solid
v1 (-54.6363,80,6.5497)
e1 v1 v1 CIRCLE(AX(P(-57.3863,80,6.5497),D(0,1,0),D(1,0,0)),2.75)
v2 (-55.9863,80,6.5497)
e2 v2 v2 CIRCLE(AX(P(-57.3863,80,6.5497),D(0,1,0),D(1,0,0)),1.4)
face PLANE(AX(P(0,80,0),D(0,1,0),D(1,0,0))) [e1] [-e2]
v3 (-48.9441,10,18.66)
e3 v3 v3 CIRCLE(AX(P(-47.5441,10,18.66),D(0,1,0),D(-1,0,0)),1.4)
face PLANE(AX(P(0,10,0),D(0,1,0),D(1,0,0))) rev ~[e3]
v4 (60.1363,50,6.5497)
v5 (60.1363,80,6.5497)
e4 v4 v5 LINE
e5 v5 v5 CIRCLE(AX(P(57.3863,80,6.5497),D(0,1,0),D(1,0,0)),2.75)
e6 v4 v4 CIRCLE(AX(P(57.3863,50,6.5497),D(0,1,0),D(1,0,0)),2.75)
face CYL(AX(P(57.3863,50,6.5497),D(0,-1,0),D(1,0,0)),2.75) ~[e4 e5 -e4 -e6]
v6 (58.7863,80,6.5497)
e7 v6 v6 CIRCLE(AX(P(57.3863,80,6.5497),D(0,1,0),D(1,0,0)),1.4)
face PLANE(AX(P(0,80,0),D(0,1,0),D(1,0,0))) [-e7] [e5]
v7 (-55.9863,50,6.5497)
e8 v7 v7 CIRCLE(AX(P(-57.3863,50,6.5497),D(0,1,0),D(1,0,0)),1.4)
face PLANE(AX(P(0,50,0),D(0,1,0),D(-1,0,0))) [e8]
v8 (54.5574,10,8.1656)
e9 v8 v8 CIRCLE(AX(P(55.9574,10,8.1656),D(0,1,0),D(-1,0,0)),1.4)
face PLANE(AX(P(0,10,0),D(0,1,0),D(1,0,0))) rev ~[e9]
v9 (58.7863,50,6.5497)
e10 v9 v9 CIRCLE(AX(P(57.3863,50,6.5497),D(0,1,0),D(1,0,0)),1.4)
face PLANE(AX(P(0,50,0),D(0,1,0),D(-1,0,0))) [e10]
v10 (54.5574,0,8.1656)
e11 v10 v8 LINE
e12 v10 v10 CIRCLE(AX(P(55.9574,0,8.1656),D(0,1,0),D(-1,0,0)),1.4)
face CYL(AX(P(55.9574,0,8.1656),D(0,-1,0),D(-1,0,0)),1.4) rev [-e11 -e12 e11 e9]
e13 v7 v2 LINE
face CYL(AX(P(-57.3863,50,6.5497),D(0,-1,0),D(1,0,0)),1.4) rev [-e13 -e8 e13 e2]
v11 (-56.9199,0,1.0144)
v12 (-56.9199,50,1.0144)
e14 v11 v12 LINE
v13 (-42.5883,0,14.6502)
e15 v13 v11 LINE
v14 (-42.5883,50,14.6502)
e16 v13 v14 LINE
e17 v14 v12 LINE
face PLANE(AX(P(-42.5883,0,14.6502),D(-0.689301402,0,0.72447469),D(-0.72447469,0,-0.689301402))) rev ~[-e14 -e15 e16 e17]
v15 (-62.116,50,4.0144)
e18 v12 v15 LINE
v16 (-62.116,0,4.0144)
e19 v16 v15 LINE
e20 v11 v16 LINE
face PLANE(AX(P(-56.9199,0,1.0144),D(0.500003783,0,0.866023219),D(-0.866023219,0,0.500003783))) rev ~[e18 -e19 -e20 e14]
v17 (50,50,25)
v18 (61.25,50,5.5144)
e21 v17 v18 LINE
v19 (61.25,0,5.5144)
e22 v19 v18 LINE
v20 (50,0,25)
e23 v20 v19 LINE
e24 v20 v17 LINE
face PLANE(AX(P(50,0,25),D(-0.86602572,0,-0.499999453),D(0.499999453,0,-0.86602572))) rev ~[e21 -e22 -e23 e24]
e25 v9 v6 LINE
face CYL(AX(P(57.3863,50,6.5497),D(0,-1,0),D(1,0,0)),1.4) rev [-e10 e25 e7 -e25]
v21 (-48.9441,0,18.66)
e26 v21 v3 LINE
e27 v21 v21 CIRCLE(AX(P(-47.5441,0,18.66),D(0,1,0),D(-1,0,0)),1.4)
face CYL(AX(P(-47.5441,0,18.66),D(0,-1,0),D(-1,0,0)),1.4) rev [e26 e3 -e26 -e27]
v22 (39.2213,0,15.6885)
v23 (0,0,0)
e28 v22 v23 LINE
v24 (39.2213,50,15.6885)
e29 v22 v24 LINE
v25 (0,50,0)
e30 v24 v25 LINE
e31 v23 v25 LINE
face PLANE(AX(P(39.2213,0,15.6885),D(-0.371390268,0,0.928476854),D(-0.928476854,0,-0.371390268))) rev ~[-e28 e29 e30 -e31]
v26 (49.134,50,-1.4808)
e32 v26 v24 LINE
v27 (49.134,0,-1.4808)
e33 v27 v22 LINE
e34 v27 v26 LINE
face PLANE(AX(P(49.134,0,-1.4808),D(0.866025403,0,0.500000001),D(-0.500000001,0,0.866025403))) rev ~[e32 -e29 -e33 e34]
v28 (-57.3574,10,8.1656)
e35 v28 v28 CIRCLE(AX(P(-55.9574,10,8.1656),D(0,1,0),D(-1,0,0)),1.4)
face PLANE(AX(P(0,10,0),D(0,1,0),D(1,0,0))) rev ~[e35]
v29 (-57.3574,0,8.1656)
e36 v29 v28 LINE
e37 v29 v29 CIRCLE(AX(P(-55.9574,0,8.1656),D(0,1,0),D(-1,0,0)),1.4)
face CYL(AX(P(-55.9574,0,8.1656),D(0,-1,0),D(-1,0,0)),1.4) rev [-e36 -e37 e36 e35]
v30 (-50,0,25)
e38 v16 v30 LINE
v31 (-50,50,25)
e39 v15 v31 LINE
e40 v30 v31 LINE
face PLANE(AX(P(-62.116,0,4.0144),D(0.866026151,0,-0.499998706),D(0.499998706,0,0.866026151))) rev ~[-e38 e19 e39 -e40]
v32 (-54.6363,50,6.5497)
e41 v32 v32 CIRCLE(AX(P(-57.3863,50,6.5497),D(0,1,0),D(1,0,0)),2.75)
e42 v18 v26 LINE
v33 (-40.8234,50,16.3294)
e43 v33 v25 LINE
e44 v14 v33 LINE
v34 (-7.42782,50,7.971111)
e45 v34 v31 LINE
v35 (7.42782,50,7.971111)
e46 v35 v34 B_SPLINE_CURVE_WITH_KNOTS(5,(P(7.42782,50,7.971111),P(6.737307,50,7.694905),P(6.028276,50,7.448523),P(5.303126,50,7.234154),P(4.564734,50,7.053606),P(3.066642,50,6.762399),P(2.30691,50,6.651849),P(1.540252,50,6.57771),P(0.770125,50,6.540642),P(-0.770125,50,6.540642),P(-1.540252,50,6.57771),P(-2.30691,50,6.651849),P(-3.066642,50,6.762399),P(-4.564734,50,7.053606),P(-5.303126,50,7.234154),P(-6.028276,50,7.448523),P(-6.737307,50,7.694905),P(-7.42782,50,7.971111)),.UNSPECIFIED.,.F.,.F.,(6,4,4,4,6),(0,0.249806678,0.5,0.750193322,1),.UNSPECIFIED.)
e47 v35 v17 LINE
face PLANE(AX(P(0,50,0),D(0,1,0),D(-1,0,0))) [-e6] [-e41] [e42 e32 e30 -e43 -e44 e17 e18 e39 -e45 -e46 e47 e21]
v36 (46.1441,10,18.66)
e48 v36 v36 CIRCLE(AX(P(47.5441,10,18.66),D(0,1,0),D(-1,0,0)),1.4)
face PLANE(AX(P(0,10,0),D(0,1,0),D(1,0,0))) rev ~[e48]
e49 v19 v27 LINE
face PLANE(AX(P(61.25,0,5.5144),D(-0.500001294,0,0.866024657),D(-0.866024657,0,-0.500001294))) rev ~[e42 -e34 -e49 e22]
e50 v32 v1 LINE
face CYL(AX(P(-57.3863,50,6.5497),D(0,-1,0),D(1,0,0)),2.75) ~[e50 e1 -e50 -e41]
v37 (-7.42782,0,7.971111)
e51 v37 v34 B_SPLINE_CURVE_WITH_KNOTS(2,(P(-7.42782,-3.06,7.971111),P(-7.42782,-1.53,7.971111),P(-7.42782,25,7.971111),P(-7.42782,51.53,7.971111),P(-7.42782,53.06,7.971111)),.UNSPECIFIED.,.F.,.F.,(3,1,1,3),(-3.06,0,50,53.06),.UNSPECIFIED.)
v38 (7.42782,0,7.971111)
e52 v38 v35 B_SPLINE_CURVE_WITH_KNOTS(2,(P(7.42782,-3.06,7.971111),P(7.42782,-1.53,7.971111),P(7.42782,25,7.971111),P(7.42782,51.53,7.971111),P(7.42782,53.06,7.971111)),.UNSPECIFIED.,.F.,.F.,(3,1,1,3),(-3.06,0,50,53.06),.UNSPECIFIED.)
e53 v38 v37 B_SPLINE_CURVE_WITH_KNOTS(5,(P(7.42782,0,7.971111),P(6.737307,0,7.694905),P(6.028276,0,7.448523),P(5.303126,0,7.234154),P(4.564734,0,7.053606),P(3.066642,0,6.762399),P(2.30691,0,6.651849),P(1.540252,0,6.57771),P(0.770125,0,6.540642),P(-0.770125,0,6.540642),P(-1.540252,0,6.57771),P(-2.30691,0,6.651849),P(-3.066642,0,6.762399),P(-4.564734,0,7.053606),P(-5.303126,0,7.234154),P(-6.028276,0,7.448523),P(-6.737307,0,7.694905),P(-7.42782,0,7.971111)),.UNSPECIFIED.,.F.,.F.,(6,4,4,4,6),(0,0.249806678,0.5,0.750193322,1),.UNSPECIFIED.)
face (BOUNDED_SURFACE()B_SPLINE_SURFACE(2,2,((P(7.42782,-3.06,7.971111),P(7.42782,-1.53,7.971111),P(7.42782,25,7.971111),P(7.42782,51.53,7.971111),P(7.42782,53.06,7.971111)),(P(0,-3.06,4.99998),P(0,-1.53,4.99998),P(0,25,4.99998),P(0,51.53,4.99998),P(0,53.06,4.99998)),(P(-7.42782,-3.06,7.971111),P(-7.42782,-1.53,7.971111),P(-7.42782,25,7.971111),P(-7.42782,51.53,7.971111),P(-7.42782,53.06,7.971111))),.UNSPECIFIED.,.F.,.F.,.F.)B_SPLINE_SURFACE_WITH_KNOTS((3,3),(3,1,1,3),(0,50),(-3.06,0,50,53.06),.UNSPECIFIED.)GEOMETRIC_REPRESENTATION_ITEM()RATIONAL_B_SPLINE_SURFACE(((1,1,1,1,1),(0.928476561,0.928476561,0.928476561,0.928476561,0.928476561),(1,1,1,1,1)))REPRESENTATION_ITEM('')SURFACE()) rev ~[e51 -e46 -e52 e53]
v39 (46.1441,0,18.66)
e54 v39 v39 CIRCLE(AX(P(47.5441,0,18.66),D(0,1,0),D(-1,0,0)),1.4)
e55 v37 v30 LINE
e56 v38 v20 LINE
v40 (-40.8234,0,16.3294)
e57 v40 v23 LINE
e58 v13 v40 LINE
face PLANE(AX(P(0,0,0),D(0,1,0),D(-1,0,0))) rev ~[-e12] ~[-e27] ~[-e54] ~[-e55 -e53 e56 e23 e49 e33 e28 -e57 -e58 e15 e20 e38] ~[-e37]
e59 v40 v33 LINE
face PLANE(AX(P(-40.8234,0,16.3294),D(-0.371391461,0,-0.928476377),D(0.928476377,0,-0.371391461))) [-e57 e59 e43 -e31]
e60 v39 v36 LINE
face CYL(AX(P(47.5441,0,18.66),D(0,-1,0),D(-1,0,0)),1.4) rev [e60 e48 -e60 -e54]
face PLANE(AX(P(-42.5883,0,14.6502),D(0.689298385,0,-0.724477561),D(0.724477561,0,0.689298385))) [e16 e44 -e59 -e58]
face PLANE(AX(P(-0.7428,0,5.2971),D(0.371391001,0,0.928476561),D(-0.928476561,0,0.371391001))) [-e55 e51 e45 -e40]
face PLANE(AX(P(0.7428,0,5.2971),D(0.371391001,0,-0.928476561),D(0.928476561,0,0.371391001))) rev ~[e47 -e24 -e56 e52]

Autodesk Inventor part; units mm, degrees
ref_plane "YZ Plane" through (0, 0, 0) normal (1, 0, 0) x (0, 1, 0)
ref_plane "XZ Plane" through (0, 0, 0) normal (0, 1, 0) x (-1, 0, 0)
ref_plane "XY Plane" through (0, 0, 0) normal (0, 0, 1) x (1, 0, 0)
sketch "Sketch1" plane through (0, 0, 0) normal (0, 1, 0) x (-1, 0, 0)
  line L0 (56.9199, 1.0144) -> (62.116, 4.0144)
  line L1 (62.116, 4.0144) -> (50, 25)
  line L2 (-50, 25) -> (-61.25, 5.5144)
  line L3 (0.7428, 5.2971) -> (50, 25)
  line L4 (-0.7428, 5.2971) -> (-50, 25)
  line L5 (42.5883, 14.6502) -> (56.9199, 1.0144)
  line L6 (-0.7428, 5.2971) -> (0, 5)
  line L7 (0.7428, 5.2971) -> (0, 5)
  circle A0 centre (47.5441, 18.66) radius 1.4
  circle A1 centre (55.9574, 8.1656) radius 1.4
  circle A2 centre (-55.9574, 8.1656) radius 1.4
  circle A3 centre (-47.5441, 18.66) radius 1.4
  line L8 (-39.2213, 15.6885) -> (0, 0)
  line L9 (42.5883, 14.6502) -> (40.8234, 16.3294)
  line L10 (40.8234, 16.3294) -> (0, 0)
  line L11 (-61.25, 5.5144) -> (-49.134, -1.4808)
  line L12 (-49.134, -1.4808) -> (-39.2213, 15.6885)
  point P0 (0, 0)
  dimension "d0" = 2.8
  dimension "d1" = 2.8
  dimension "d2" = 2.8
  dimension "d3" = 2.8
  dimension "d14" = 5
extrude "Extrusion1" add sketch "Sketch1" along normal blind 50
sketch "Sketch2" plane through (0, 50, 0) normal (0, 1, 0) x (1, 0, 0)
  circle A0 centre (47.5441, -18.66) radius 1.4 projected
  circle A1 centre (55.9574, -8.1656) radius 1.4 projected
  circle A2 centre (-55.9574, -8.1656) radius 1.4 projected
  circle A3 centre (-47.5441, -18.66) radius 1.4 projected
  line L0 (-40.8234, -16.3294) -> (-56.9199, -1.0144) projected
  line L1 (-56.9199, -1.0144) -> (-62.116, -4.0144) projected
  line L2 (-62.116, -4.0144) -> (-50, -25) projected
  line L3 (-50, -25) -> (0, -5) projected
  line L4 (0, -5) -> (50, -25) projected
  line L5 (50, -25) -> (61.25, -5.5144) projected
  line L6 (39.2213, -15.6885) -> (0, 0) projected
  line L7 (0, 0) -> (-40.8234, -16.3294) projected
  line L8 (61.25, -5.5144) -> (49.134, 1.4808) projected
  line L9 (49.134, 1.4808) -> (39.2213, -15.6885) projected
  point P0 (0, 0)
extrude "Extrusion2" add sketch "Sketch2" against normal blind 40 contours A0 | A1 | A2 | A3
sketch "Sketch3" plane through (0, 50, 0) normal (0, 1, 0) x (1, 0, 0)
  line L0 (-62.116, -4.0144) -> (-58.116, -4.0144) construction
  circle A0 centre (-57.3863, -6.5497) radius 1.4
  line L1 (61.25, -5.5144) -> (57.25, -5.5144) construction
  circle A1 centre (57.3863, -6.5497) radius 1.4
  circle A2 centre (57.3863, -6.5497) radius 2.75
  circle A3 centre (-57.3863, -6.5497) radius 2.75
  point P0 (0, 0)
  dimension "d10" = 2.8
  dimension "d15" = 2.8
  dimension "d16" = 5.5
  dimension "d17" = 5.5
extrude "Extrusion3" add sketch "Sketch3" along normal blind 30
fillet "Fillet1" radius 20 1 edges at (0, 25, 5)
properties part number "Front Support" material "ABS Plastic"
